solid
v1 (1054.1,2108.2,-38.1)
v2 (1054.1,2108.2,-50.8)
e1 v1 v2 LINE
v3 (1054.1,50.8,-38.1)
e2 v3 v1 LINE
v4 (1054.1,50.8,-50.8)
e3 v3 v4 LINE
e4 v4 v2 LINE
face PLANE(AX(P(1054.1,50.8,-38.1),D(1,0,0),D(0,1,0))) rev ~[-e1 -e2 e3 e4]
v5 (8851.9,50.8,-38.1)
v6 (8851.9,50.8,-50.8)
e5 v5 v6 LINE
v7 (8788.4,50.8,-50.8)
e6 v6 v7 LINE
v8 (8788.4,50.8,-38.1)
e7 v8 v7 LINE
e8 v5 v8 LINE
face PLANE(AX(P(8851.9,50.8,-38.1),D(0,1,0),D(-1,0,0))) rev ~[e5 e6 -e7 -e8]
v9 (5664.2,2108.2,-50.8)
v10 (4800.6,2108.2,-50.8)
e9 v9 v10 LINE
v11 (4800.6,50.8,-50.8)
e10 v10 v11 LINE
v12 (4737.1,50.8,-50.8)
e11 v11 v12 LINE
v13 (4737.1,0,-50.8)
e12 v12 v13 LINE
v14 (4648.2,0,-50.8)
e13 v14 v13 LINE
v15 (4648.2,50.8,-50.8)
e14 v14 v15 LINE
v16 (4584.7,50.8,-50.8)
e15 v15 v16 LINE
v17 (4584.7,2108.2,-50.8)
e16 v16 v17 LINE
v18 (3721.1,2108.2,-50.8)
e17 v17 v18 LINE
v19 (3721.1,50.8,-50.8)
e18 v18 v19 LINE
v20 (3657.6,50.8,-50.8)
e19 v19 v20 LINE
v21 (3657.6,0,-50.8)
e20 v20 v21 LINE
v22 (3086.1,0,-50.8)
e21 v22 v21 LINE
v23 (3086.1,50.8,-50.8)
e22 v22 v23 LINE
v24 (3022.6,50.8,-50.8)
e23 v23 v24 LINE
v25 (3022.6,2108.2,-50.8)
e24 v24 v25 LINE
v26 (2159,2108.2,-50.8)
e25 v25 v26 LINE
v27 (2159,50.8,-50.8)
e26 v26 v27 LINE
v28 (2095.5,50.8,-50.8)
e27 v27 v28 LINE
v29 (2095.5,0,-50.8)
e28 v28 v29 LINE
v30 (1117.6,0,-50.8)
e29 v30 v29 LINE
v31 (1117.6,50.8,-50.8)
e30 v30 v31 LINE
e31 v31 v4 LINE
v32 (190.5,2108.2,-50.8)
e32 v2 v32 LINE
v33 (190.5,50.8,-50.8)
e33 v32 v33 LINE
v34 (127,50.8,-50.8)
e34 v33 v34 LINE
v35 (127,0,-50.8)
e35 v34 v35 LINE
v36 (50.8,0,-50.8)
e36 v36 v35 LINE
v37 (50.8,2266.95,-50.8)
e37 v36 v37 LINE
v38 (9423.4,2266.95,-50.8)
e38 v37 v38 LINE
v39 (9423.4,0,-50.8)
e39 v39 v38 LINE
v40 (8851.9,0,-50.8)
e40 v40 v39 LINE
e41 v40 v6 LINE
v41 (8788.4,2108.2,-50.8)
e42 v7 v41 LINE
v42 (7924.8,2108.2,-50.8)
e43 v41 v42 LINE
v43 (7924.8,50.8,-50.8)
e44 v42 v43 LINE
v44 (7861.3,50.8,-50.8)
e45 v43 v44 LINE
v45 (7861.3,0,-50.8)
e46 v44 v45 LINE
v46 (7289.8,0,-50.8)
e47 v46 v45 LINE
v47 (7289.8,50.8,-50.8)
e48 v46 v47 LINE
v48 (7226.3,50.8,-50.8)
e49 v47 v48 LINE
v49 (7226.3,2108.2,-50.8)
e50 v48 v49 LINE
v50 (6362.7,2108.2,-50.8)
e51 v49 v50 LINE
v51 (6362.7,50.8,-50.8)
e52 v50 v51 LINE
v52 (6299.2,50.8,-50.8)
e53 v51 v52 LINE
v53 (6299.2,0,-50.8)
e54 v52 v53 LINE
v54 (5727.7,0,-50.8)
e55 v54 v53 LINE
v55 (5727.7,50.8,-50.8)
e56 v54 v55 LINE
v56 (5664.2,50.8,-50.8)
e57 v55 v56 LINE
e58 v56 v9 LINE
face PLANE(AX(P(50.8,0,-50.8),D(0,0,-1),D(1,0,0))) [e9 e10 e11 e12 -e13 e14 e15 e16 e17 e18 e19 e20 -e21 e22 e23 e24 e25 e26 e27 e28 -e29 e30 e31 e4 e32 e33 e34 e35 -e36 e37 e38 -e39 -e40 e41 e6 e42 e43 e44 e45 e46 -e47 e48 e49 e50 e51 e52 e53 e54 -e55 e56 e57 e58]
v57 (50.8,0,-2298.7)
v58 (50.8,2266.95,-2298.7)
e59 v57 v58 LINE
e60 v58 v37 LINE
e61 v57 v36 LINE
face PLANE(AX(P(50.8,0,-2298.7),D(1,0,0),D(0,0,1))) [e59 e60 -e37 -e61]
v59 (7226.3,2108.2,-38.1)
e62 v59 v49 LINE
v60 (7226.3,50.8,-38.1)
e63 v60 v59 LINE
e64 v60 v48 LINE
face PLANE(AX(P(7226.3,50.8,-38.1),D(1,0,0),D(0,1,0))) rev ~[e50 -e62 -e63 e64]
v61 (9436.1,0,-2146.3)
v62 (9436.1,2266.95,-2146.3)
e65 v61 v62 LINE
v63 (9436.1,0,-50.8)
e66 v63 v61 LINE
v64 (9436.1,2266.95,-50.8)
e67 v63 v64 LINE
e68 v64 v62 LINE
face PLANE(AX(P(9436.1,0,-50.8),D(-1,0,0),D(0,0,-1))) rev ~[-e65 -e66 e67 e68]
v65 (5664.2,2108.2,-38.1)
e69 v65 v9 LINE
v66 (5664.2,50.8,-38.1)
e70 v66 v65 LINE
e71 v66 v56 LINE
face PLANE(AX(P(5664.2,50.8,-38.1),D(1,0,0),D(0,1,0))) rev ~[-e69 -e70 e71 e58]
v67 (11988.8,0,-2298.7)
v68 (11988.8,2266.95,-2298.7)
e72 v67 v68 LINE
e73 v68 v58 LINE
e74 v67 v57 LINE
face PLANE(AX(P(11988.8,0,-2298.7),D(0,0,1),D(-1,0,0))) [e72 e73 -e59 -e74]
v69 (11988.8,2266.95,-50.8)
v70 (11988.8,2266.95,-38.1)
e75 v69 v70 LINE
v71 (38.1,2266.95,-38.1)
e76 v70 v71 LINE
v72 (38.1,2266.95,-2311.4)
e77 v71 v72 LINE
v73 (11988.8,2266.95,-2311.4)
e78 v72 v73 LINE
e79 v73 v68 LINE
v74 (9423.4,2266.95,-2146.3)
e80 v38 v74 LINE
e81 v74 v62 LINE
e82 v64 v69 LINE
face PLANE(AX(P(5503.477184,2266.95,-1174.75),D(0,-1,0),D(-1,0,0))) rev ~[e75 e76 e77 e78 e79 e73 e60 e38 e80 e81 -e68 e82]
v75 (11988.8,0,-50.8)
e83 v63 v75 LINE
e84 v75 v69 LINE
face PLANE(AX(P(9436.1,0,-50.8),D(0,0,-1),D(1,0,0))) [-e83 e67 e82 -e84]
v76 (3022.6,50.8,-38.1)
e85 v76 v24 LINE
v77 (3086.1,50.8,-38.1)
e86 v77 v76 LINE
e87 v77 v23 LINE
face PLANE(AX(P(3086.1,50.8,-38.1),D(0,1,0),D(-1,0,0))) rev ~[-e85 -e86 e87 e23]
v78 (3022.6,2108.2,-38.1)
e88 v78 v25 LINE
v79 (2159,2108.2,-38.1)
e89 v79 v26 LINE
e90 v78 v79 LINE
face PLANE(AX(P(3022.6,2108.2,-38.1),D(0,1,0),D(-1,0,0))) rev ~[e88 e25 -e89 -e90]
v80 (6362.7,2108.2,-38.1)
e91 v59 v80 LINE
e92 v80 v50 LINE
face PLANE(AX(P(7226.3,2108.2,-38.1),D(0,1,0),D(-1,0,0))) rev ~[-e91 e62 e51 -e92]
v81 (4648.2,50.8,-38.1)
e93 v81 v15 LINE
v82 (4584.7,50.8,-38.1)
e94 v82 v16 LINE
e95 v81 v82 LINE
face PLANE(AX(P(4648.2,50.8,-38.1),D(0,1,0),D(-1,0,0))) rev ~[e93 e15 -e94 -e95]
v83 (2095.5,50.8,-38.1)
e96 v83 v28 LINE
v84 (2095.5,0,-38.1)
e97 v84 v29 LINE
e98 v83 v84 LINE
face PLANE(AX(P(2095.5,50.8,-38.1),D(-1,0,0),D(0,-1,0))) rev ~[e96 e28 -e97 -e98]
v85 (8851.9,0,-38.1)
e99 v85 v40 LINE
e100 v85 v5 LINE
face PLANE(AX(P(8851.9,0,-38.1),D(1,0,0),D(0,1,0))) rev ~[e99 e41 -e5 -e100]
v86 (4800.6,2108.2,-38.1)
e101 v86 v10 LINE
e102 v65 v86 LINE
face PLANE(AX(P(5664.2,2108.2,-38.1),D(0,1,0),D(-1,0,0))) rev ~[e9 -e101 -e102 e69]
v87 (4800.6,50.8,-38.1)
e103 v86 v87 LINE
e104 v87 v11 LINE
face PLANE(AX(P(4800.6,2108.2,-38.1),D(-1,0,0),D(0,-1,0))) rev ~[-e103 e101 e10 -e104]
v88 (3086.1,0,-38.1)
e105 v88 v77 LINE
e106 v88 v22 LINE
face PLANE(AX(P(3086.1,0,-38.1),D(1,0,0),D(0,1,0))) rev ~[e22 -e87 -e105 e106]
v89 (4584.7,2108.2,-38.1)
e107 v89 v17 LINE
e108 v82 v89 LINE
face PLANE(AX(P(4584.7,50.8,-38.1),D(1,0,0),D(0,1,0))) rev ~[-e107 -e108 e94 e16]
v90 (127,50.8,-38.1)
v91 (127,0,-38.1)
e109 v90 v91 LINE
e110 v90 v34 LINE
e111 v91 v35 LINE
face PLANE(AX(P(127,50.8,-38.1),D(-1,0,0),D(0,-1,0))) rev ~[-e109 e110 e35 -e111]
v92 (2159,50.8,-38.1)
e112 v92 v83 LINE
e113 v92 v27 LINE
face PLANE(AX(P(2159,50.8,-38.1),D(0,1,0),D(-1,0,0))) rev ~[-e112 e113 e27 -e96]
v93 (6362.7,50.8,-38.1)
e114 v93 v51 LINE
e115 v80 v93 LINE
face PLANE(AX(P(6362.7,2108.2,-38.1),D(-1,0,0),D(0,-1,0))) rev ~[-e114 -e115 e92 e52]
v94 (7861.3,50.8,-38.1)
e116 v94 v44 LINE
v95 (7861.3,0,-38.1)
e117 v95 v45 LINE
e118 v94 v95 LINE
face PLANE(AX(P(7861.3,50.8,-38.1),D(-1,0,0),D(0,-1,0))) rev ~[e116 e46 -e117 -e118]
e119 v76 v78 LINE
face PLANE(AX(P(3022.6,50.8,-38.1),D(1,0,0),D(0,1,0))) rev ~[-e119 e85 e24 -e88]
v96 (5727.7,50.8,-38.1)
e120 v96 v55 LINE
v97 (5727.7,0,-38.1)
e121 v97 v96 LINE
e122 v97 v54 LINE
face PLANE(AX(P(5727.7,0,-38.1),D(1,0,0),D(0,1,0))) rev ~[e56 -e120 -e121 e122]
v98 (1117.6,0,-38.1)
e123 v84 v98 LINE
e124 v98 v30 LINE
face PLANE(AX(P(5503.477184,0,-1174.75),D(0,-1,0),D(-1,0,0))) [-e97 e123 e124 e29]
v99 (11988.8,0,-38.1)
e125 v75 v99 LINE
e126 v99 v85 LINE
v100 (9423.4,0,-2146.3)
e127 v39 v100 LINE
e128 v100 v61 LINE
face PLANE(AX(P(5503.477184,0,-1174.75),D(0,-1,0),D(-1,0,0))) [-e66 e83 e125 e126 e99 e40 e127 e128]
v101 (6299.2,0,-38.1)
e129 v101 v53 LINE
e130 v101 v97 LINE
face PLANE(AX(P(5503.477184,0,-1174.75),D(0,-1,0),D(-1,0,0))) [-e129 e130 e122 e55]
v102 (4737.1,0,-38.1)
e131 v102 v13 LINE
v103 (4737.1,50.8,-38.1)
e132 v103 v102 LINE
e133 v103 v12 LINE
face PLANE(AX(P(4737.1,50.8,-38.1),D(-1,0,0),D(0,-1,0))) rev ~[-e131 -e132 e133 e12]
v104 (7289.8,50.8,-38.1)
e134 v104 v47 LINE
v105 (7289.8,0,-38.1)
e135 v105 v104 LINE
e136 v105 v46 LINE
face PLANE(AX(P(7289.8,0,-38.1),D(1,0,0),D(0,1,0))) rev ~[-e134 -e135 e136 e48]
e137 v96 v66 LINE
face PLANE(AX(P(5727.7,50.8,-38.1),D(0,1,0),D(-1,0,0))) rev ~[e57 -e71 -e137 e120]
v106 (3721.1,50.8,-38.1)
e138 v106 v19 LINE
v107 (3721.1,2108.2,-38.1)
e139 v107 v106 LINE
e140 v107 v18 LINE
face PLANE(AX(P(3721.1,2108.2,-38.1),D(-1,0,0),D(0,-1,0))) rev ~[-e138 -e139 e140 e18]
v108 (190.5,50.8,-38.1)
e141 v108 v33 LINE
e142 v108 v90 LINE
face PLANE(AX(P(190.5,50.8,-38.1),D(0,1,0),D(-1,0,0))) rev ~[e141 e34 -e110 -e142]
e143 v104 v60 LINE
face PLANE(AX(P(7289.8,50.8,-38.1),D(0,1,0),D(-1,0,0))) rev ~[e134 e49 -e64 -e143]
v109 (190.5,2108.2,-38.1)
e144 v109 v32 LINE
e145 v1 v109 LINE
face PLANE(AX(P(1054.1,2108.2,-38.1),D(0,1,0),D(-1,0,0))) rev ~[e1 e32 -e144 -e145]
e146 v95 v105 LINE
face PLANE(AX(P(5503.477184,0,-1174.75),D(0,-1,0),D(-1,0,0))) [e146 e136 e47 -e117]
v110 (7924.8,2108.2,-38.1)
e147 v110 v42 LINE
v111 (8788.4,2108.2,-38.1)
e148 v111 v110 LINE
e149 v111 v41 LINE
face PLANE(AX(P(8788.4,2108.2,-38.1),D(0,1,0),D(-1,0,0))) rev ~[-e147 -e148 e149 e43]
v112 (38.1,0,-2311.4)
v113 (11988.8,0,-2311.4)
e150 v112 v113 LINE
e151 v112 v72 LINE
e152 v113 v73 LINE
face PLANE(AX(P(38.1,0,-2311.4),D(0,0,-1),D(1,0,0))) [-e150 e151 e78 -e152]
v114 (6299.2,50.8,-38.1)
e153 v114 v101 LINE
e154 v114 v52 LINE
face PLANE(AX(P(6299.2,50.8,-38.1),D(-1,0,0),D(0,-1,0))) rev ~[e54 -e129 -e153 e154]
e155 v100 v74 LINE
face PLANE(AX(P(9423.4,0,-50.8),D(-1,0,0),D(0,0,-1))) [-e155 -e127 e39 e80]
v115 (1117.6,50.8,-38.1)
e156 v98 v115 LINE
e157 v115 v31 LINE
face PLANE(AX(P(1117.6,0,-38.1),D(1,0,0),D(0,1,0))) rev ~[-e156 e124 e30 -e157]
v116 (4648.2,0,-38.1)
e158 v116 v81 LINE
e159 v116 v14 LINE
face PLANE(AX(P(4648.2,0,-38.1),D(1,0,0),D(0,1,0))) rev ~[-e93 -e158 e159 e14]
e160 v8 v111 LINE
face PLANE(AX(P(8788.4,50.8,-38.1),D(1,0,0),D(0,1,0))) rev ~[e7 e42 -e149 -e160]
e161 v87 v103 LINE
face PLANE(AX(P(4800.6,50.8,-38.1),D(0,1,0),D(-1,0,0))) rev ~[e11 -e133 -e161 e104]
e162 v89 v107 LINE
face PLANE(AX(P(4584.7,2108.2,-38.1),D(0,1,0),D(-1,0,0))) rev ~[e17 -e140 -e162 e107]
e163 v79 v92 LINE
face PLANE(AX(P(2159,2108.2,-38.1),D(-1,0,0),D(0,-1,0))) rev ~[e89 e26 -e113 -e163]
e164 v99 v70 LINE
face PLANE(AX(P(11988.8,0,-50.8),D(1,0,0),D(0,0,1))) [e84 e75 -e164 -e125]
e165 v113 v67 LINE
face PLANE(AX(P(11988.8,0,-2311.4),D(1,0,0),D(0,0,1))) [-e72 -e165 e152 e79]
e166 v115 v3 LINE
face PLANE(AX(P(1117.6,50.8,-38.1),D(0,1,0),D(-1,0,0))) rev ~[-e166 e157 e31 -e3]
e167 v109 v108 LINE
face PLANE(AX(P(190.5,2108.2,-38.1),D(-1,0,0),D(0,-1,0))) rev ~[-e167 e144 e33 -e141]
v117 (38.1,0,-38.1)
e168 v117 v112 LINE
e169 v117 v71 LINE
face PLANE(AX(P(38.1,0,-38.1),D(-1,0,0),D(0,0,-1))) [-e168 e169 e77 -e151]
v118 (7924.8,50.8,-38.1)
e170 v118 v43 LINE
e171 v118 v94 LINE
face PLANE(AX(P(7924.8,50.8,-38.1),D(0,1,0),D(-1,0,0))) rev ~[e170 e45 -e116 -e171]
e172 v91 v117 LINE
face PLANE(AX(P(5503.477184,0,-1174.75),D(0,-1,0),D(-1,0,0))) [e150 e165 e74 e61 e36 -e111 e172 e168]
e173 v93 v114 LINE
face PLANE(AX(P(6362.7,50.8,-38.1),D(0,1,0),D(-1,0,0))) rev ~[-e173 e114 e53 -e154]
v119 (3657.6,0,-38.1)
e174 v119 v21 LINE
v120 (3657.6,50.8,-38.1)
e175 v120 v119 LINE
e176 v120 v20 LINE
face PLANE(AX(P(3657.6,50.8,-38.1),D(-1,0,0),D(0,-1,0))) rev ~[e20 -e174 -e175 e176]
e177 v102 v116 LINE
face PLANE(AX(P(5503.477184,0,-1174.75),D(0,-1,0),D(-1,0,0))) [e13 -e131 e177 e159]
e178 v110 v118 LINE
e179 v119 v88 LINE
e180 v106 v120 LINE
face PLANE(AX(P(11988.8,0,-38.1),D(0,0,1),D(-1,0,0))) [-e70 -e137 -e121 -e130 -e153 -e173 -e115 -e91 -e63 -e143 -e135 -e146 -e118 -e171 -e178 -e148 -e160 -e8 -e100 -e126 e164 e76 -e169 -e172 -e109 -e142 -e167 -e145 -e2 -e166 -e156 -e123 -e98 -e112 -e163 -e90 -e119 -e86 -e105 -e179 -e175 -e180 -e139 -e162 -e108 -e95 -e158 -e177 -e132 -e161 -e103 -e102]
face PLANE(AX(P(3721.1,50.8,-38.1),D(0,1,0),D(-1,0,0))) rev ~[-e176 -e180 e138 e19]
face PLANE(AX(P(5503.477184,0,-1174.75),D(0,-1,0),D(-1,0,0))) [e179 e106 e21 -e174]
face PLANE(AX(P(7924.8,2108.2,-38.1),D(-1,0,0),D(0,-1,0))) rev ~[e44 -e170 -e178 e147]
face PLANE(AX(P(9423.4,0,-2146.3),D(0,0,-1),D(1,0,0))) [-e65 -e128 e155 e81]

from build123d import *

# Parameters (mm, degrees)
SKETCH1_W           = 12.7
SKETCH1_H           = 2095.5
BOSS_EXTRUDE1_DEPTH = 2266.95
CUT_EXTRUDE2_DEPTH  = 12.7


with BuildPart() as part:
    # Sketch1 → Boss-Extrude1 (new body)
    with BuildSketch(Plane(origin=(0, 0, 0), x_dir=(1, 0, 0), z_dir=(0, 1, 0))):
        Polygon((11988.8, 2311.4), (11988.8, 2298.7), (50.8, 2298.7), (50.8, 50.8), (11988.8, 50.8), (11988.8, 38.1), (38.1, 38.1), (38.1, 2311.4), align=None)
        with Locations((9429.75, 1098.55)):
            Rectangle(SKETCH1_W, SKETCH1_H)
    extrude(amount=BOSS_EXTRUDE1_DEPTH)

    # Sketch2 → Cut-Extrude2 (cut)
    with BuildSketch(Plane.XY.offset(-38.1)):
        Polygon((190.5, 50.8), (127, 50.8), (127, 0), (1117.6, 0), (1117.6, 50.8), (1054.1, 50.8), (1054.1, 2108.2), (190.5, 2108.2), align=None)
        Polygon((2095.5, 50.8), (2095.5, 0), (3086.1, 0), (3086.1, 50.8), (3022.6, 50.8), (3022.6, 2108.2), (2159, 2108.2), (2159, 50.8), align=None)
        Polygon((3657.6, 50.8), (3657.6, 0), (4648.2, 0), (4648.2, 50.8), (4584.7, 50.8), (4584.7, 2108.2), (3721.1, 2108.2), (3721.1, 50.8), align=None)
        Polygon((4737.1, 50.8), (4737.1, 0), (5727.7, 0), (5727.7, 50.8), (5664.2, 50.8), (5664.2, 2108.2), (4800.6, 2108.2), (4800.6, 50.8), align=None)
        Polygon((6299.2, 50.8), (6299.2, 0), (7289.8, 0), (7289.8, 50.8), (7226.3, 50.8), (7226.3, 2108.2), (6362.7, 2108.2), (6362.7, 50.8), align=None)
        Polygon((7861.3, 50.8), (7861.3, 0), (8851.9, 0), (8851.9, 50.8), (8788.4, 50.8), (8788.4, 2108.2), (7924.8, 2108.2), (7924.8, 50.8), align=None)
    extrude(amount=-CUT_EXTRUDE2_DEPTH, mode=Mode.SUBTRACT)


solid = part.part
